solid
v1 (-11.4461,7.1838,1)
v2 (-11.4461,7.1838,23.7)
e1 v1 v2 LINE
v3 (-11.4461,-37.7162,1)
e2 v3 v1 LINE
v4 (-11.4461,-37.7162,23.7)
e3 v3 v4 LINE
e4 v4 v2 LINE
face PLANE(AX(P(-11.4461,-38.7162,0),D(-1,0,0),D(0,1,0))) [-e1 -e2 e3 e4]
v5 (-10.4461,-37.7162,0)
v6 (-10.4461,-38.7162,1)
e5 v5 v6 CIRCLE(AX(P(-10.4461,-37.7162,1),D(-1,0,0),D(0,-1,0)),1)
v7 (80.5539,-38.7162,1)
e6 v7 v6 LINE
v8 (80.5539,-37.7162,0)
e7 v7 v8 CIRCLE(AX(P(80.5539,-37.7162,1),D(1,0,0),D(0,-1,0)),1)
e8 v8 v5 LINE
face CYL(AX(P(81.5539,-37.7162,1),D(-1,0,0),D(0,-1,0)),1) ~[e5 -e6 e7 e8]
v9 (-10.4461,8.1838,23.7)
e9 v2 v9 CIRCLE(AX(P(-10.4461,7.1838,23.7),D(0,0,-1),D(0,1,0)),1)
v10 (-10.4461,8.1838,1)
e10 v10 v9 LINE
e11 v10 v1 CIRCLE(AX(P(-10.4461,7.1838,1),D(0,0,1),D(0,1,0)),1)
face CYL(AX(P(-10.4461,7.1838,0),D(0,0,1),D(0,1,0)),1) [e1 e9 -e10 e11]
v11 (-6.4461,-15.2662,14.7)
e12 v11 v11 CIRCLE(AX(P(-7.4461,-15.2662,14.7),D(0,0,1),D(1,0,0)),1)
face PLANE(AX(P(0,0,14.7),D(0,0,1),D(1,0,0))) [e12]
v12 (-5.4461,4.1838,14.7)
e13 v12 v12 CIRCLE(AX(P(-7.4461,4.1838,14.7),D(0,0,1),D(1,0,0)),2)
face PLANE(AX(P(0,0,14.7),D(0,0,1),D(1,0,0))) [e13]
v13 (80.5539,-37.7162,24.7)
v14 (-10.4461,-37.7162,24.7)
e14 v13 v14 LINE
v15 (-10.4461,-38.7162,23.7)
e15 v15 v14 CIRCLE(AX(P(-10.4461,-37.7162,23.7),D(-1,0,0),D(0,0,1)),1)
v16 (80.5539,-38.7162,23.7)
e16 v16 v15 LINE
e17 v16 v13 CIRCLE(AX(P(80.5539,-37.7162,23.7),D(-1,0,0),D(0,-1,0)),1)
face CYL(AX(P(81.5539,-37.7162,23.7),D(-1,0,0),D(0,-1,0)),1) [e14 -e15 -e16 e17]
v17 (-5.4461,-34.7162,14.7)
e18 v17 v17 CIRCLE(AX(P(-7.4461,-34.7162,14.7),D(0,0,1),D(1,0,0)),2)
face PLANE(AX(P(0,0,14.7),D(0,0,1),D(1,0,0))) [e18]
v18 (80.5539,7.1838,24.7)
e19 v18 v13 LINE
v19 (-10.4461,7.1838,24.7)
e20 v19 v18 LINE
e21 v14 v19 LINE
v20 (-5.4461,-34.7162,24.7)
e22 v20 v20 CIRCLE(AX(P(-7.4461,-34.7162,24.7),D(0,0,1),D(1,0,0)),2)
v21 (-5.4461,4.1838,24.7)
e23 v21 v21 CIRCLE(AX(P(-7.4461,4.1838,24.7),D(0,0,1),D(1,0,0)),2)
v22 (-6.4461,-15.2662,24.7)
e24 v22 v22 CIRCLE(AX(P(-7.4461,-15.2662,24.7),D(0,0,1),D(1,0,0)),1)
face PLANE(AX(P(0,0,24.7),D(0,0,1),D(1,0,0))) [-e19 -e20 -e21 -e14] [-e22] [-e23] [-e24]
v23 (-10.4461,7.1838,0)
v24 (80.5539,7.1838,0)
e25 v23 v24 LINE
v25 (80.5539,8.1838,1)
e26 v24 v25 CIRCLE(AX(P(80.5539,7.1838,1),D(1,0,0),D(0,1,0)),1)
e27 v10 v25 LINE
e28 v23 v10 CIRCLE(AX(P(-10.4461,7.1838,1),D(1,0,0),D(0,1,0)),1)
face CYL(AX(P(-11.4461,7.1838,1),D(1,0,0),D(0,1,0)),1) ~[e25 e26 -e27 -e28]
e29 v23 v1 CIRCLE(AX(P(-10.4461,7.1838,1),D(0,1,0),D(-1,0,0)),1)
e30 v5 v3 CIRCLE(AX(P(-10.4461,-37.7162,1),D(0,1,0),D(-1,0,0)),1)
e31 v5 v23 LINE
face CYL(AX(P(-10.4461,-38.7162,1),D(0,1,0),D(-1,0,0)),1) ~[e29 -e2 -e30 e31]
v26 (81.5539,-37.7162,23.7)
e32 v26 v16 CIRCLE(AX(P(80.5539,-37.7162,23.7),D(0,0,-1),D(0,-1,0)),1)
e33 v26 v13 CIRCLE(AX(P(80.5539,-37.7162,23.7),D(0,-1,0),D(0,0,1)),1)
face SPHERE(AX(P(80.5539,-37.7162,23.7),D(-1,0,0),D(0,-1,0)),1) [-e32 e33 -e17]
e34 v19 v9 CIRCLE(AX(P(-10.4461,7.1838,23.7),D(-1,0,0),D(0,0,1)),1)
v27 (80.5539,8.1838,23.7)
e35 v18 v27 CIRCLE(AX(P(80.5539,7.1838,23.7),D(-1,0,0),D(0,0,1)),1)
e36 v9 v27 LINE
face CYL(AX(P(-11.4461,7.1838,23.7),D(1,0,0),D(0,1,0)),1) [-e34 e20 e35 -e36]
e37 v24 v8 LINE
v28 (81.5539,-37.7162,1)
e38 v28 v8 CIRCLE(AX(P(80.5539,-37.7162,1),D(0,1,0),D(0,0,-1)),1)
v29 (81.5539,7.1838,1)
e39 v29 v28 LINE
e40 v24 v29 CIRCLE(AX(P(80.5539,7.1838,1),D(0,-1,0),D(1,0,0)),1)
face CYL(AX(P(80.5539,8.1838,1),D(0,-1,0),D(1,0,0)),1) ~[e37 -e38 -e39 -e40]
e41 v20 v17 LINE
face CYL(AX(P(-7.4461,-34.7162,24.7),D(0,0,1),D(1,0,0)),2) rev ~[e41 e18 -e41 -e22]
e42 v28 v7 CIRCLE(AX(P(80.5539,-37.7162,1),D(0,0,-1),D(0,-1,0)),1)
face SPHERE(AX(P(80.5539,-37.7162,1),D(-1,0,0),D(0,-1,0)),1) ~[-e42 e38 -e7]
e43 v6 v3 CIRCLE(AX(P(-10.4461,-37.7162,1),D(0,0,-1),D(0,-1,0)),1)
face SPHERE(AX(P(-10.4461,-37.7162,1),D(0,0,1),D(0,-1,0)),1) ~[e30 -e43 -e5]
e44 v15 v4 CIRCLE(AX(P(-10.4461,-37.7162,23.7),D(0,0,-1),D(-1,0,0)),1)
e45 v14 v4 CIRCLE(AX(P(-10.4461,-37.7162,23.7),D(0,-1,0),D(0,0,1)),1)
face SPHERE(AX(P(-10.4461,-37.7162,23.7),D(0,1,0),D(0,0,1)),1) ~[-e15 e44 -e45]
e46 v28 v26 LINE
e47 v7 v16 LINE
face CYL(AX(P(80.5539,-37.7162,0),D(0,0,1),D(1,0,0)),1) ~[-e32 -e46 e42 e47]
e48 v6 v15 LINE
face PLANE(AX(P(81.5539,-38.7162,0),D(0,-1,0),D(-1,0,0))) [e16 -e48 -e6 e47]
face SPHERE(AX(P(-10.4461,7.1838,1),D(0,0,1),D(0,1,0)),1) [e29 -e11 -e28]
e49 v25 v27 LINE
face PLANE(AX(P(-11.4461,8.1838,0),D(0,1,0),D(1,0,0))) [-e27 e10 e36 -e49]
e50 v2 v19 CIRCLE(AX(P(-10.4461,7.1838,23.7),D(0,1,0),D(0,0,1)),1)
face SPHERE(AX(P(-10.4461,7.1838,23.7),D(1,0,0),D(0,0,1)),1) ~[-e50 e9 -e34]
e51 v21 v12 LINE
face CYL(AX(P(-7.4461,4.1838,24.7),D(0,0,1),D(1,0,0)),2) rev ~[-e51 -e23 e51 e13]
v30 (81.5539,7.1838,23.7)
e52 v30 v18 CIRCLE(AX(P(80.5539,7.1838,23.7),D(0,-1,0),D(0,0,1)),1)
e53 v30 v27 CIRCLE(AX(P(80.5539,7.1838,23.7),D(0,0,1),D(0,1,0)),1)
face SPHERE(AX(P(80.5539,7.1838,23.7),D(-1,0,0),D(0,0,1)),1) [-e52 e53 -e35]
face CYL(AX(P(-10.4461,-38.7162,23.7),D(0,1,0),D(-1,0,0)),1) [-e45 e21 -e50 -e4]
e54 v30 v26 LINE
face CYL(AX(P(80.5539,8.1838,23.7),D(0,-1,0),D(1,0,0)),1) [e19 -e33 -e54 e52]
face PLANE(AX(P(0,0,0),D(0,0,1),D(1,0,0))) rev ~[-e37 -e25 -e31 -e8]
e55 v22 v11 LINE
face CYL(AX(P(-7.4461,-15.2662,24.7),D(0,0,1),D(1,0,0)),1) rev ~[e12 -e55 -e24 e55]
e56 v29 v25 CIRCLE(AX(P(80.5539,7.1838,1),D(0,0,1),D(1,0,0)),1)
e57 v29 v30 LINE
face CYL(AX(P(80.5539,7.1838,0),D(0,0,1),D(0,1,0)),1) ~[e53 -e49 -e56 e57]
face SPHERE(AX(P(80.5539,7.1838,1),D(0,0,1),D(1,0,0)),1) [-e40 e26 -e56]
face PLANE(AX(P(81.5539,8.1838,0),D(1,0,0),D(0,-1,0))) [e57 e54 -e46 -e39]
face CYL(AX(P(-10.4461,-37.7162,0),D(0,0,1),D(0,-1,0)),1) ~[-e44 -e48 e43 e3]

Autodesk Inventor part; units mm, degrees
ref_plane "YZ Plane" through (0, 0, 0) normal (1, 0, 0) x (0, 1, 0)
ref_plane "XZ Plane" through (0, 0, 0) normal (0, 1, 0) x (-1, 0, 0)
ref_plane "XY Plane" through (0, 0, 0) normal (0, 0, 1) x (1, 0, 0)
sketch "スケッチ1" plane through (0, 0, 0) normal (0, 0, 1) x (1, 0, 0)
  line L0 (-11.4461, 8.1838) -> (81.5539, 8.1838)
  line L1 (81.5539, 8.1838) -> (81.5539, -38.7162)
  line L2 (81.5539, -38.7162) -> (-11.4461, -38.7162)
  line L3 (-11.4461, -38.7162) -> (-11.4461, 8.1838)
  point P0 (0, 0)
  dimension "d0" = 93
  dimension "d1" = 46.9
extrude "押し出し1" add sketch "スケッチ1" along normal blind 24.7
fillet "フィレット1" radius 1 12 edges at (35.0539, 8.1838, 24.7) (-11.4461, -15.2662, 24.7) (-11.4461, 8.1838, 12.35) (35.0539, -38.7162, 24.7) (-11.4461, -38.7162, 12.35) (35.0539, -38.7162, 0) (81.5539, -38.7162, 12.35) (81.5539, -15.2662, 24.7) (81.5539, 8.1838, 12.35) (81.5539, -15.2662, 0) (35.0539, 8.1838, 0) (-11.4461, -15.2662, 0)
sketch "スケッチ2" plane through (0, 0, 24.7) normal (0, 0, 1) x (1, 0, 0)
  line L0 (-10.4461, -37.7162) -> (-10.4461, 7.1838) projected
  line L1 (80.5539, -37.7162) -> (-10.4461, -37.7162) projected
  line L2 (80.5539, 7.1838) -> (80.5539, -37.7162) projected
  line L3 (-10.4461, 7.1838) -> (80.5539, 7.1838) projected
  circle A0 centre (-7.4461, 4.1838) radius 2
  circle A1 centre (-7.4461, -34.7162) radius 2
  line L4 (-0.4461, 2.1838) -> (75.5539, 2.1838)
  line L5 (75.5539, 2.1838) -> (75.5539, -32.7162)
  line L6 (75.5539, -32.7162) -> (-0.4461, -32.7162)
  line L7 (-0.4461, -32.7162) -> (-0.4461, 2.1838)
  circle A2 centre (-7.4461, -15.2662) radius 1
  point P0 (0, 0)
  dimension "d5" = 4
  dimension "d6" = 4
  dimension "d7" = 3
  dimension "d8" = 3
  dimension "d9" = 3
  dimension "d10" = 3
  dimension "d11" = 5
  dimension "d12" = 5
  dimension "d13" = 5
  dimension "d14" = 10
  dimension "d15" = 2
extrude "押し出し2" cut sketch "スケッチ2" against normal blind 10 contours A0 | A1 | A2
sketch "スケッチ3" plane through (0, 0, 24.7) normal (0, 0, 1) x (1, 0, 0)
  line L0 (-2.3175, 1.7393) -> (76.8469, 1.7393) construction
  line L1 (76.8469, 1.7393) -> (76.8469, -32.2836) construction
  line L2 (76.8469, -32.2836) -> (-2.3175, -32.2836) construction
  line L3 (-2.3175, -32.2836) -> (-2.3175, 1.7393) construction
  point P0 (0, 0)
properties part number "BAKUSO"
